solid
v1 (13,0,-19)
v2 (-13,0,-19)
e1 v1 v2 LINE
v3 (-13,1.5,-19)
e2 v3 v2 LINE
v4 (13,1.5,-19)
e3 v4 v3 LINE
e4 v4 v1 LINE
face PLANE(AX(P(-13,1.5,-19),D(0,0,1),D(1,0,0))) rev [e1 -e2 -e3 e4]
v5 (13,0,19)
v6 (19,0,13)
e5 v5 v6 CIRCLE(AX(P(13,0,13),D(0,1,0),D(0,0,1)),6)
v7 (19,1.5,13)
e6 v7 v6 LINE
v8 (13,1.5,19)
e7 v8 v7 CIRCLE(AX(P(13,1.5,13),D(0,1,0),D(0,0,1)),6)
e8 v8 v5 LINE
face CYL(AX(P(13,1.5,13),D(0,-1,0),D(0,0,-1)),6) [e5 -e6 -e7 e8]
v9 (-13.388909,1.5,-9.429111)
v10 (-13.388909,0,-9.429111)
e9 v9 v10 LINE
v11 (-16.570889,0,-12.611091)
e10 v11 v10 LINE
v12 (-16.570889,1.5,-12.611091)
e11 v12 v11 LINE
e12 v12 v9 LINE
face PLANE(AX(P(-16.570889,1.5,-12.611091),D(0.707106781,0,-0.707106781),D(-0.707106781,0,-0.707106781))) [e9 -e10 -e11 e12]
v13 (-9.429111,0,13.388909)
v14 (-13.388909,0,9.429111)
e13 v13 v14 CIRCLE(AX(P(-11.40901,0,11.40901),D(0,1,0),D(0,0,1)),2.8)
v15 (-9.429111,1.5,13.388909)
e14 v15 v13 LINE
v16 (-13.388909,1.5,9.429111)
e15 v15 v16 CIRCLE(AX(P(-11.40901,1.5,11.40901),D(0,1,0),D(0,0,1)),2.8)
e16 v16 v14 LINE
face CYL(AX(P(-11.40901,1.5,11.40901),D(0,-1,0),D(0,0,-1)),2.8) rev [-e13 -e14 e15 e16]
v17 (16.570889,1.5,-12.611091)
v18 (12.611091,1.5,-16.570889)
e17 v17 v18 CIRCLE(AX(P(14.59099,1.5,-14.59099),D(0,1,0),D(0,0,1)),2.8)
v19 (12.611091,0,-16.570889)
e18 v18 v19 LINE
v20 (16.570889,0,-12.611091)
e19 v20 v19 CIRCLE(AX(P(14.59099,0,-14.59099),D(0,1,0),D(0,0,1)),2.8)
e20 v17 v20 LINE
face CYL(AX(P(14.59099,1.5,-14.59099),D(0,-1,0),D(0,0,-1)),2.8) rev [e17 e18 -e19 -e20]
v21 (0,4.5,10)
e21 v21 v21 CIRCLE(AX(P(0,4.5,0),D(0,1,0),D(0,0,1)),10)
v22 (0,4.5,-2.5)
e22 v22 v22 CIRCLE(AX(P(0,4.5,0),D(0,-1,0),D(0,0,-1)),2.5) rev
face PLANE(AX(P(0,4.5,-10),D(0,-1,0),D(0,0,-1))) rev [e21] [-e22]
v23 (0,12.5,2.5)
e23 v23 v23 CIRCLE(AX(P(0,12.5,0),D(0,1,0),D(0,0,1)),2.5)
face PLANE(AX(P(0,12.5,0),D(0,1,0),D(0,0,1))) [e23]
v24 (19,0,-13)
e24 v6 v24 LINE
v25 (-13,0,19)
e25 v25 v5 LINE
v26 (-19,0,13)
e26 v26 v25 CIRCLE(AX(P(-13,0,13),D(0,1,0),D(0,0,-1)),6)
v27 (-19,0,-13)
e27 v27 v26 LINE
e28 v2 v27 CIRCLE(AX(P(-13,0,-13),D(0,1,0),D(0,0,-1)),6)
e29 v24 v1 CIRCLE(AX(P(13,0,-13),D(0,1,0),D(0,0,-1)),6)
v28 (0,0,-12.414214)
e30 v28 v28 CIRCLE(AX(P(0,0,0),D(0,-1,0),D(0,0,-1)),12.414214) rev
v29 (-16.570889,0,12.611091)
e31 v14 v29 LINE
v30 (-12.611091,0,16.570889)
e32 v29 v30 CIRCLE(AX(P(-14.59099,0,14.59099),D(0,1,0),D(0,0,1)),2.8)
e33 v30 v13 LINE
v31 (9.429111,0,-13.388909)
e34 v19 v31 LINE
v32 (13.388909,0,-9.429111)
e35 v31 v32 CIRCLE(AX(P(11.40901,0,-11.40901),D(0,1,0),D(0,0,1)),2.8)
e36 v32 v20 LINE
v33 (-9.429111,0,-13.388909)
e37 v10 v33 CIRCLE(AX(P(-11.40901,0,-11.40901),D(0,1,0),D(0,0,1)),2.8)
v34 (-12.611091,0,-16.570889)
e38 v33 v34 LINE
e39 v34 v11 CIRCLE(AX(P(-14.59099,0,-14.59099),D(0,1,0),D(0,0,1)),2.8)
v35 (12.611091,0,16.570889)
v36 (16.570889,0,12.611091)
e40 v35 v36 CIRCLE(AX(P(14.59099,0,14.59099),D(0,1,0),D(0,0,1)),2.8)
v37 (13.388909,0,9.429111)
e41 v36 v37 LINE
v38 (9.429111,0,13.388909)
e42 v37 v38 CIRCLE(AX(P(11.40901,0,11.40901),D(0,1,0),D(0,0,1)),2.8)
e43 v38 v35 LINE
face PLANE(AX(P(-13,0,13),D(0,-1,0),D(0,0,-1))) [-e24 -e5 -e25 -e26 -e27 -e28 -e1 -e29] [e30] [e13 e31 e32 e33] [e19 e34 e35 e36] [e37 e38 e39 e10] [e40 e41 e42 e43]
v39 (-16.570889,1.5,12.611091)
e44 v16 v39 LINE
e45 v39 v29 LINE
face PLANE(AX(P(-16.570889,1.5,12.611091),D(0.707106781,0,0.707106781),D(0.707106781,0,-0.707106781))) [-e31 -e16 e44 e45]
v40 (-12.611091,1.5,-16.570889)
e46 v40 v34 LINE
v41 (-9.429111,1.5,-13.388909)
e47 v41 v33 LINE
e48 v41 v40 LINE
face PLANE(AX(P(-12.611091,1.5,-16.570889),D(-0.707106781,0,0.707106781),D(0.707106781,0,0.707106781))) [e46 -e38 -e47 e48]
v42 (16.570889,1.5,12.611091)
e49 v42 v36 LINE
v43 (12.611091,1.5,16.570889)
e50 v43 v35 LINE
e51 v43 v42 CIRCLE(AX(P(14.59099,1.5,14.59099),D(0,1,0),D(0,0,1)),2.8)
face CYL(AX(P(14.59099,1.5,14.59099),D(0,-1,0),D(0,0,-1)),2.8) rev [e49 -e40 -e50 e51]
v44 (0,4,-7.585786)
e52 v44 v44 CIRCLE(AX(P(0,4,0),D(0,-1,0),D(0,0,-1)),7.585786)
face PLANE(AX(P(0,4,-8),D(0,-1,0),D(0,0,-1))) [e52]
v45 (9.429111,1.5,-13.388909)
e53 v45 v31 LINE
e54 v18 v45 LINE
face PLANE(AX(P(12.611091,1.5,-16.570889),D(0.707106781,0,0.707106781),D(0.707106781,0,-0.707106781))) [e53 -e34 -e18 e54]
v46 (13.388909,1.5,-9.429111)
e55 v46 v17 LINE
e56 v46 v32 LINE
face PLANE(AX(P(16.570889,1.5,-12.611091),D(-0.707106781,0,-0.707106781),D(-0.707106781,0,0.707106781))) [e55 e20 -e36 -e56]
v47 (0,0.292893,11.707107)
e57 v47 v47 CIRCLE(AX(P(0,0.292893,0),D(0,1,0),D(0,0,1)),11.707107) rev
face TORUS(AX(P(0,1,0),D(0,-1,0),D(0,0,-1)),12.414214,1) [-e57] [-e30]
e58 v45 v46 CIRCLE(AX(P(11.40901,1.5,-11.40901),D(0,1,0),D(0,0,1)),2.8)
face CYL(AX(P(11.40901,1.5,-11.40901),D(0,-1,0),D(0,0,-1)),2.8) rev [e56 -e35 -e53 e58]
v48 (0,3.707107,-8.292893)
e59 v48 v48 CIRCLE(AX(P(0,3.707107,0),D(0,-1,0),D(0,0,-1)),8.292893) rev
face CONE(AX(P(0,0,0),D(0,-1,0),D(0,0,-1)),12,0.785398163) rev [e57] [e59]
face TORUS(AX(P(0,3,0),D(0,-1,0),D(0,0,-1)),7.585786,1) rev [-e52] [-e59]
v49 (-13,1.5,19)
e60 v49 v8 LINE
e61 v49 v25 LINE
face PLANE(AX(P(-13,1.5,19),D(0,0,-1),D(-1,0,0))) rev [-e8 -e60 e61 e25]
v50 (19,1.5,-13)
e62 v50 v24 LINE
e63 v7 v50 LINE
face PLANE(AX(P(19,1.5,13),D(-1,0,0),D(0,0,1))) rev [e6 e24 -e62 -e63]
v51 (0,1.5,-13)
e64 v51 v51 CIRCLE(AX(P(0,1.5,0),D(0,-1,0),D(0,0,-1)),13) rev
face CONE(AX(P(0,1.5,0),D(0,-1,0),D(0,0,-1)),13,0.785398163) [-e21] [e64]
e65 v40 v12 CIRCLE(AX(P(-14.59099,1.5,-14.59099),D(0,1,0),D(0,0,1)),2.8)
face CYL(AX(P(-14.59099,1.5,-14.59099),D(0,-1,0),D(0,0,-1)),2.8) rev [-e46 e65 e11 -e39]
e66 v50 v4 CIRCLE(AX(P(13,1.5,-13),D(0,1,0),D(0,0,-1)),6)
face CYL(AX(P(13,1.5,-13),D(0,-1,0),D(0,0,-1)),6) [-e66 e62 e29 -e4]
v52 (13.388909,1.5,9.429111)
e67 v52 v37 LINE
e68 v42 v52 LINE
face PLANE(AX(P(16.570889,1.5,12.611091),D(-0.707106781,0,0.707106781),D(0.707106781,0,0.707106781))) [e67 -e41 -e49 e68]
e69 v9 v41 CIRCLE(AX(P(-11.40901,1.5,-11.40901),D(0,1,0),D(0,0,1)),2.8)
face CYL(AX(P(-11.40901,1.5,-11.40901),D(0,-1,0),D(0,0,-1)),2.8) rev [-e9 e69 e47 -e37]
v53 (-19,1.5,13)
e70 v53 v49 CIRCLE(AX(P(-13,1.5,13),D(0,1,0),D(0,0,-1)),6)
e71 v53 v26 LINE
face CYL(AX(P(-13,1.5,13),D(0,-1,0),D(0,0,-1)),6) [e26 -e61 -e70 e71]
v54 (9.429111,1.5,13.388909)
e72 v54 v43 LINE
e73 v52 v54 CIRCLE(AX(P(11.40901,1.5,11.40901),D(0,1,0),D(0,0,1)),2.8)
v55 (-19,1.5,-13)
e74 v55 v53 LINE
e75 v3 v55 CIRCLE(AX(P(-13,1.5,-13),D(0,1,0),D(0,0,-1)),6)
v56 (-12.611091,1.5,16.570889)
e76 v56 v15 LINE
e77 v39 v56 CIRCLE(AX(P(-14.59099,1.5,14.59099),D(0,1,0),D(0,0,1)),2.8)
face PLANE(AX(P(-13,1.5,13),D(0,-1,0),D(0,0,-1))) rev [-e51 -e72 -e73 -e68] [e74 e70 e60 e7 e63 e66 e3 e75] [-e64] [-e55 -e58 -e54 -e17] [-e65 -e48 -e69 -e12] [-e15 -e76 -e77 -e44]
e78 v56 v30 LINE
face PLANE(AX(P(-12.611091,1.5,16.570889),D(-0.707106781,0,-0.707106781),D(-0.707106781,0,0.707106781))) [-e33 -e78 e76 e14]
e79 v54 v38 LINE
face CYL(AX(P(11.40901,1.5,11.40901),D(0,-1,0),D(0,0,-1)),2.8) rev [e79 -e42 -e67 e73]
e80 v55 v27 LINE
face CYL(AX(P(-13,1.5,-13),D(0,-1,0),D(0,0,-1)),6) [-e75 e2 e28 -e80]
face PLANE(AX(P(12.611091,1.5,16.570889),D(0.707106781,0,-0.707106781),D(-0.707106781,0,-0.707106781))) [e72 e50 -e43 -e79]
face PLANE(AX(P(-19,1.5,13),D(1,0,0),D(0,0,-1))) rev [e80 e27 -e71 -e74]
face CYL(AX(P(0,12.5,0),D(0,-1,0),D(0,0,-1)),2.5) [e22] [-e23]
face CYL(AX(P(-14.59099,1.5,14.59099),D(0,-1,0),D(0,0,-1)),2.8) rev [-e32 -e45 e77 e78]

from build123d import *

# Parameters (mm, degrees)
BOSS_EXTRUDE1_DEPTH = 1.5
FILLET1_R           = 1
SKETCH5_R           = 2.5
BOSS_EXTRUDE2_DEPTH = 8


with BuildPart() as part:
    # Sketch1 → Boss-Extrude1 (new body)
    with BuildSketch(Plane(origin=(0, 0, 0), x_dir=(1, 0, 0), z_dir=(0, 1, 0))):
        with BuildLine():
            Line((-13, -19), (13, -19))
            ThreePointArc((13, -19), (17.242640687, -17.242640687), (19, -13))
            Line((19, -13), (19, 13))
            ThreePointArc((19, 13), (17.242640687, 17.242640687), (13, 19))
            Line((13, 19), (-13, 19))
            ThreePointArc((-13, 19), (-17.242640687, 17.242640687), (-19, 13))
            Line((-19, 13), (-19, -13))
            ThreePointArc((-19, -13), (-17.242640687, -17.242640687), (-13, -19))
        make_face()
        with BuildLine():
            Line((-12.61109127, 16.570889245), (-9.429110755, 13.38890873))
            ThreePointArc((-9.429110755, 13.38890873), (-9.429110755, 9.429110755), (-13.38890873, 9.429110755))
            Line((-13.38890873, 9.429110755), (-16.570889245, 12.61109127))
            ThreePointArc((-16.570889245, 12.61109127), (-16.570889245, 16.570889245), (-12.61109127, 16.570889245))
        make_face(mode=Mode.SUBTRACT)
        with BuildLine():
            Line((16.570889245, 12.61109127), (13.38890873, 9.429110755))
            ThreePointArc((13.38890873, 9.429110755), (9.429110755, 9.429110755), (9.429110755, 13.38890873))
            Line((9.429110755, 13.38890873), (12.61109127, 16.570889245))
            ThreePointArc((12.61109127, 16.570889245), (16.570889245, 16.570889245), (16.570889245, 12.61109127))
        make_face(mode=Mode.SUBTRACT)
        with BuildLine():
            Line((12.61109127, -16.570889245), (9.429110755, -13.38890873))
            ThreePointArc((9.429110755, -13.38890873), (9.429110755, -9.429110755), (13.38890873, -9.429110755))
            Line((13.38890873, -9.429110755), (16.570889245, -12.61109127))
            ThreePointArc((16.570889245, -12.61109127), (16.570889245, -16.570889245), (12.61109127, -16.570889245))
        make_face(mode=Mode.SUBTRACT)
        with BuildLine():
            Line((-16.570889245, -12.61109127), (-13.38890873, -9.429110755))
            ThreePointArc((-13.38890873, -9.429110755), (-9.429110755, -9.429110755), (-9.429110755, -13.38890873))
            Line((-9.429110755, -13.38890873), (-12.61109127, -16.570889245))
            ThreePointArc((-12.61109127, -16.570889245), (-16.570889245, -16.570889245), (-16.570889245, -12.61109127))
        make_face(mode=Mode.SUBTRACT)
    extrude(amount=BOSS_EXTRUDE1_DEPTH)

    # Sketch3 → Revolve1 (revolve)
    with BuildSketch(Plane(origin=(0, 0, 0), x_dir=(0, 0, -1), z_dir=(1, 0, 0))):
        Polygon((0, 1.5), (13, 1.5), (10, 4.5), (0, 4.5), align=None)
    revolve(axis=Axis((0, 4.5, 0), (0, -1, 0)))

    # Sketch4 → Cut-Revolve1 (revolve, cut)
    with BuildSketch(Plane(origin=(0, 0, 0), x_dir=(0, 0, -1), z_dir=(1, 0, 0)), mode=Mode.PRIVATE) as cut_revolve1_sk:
        Polygon((0, 0), (12, 0), (8, 4), (0, 4), align=None)
    revolve(cut_revolve1_sk.sketch.rotate(Axis((0, 4, 0), (0, -1, 0)), 180), axis=Axis((0, 4, 0), (0, -1, 0)), mode=Mode.SUBTRACT)

    # Fillet1
    fillet1_edges = [part.edges().sort_by_distance(p)[0] for p in [
        (0, 0, -12),
        (0, 4, -8),
    ]]
    fillet(fillet1_edges, radius=FILLET1_R)

    # Sketch5 → Boss-Extrude2 (add)
    with BuildSketch(Plane(origin=(0, 4.5, 0), x_dir=(1, 0, 0), z_dir=(0, 1, 0))):
        with Locations(Location((0, 0, 0), (0, 0, 90))):
            Circle(SKETCH5_R)
    extrude(amount=BOSS_EXTRUDE2_DEPTH)


solid = part.part
